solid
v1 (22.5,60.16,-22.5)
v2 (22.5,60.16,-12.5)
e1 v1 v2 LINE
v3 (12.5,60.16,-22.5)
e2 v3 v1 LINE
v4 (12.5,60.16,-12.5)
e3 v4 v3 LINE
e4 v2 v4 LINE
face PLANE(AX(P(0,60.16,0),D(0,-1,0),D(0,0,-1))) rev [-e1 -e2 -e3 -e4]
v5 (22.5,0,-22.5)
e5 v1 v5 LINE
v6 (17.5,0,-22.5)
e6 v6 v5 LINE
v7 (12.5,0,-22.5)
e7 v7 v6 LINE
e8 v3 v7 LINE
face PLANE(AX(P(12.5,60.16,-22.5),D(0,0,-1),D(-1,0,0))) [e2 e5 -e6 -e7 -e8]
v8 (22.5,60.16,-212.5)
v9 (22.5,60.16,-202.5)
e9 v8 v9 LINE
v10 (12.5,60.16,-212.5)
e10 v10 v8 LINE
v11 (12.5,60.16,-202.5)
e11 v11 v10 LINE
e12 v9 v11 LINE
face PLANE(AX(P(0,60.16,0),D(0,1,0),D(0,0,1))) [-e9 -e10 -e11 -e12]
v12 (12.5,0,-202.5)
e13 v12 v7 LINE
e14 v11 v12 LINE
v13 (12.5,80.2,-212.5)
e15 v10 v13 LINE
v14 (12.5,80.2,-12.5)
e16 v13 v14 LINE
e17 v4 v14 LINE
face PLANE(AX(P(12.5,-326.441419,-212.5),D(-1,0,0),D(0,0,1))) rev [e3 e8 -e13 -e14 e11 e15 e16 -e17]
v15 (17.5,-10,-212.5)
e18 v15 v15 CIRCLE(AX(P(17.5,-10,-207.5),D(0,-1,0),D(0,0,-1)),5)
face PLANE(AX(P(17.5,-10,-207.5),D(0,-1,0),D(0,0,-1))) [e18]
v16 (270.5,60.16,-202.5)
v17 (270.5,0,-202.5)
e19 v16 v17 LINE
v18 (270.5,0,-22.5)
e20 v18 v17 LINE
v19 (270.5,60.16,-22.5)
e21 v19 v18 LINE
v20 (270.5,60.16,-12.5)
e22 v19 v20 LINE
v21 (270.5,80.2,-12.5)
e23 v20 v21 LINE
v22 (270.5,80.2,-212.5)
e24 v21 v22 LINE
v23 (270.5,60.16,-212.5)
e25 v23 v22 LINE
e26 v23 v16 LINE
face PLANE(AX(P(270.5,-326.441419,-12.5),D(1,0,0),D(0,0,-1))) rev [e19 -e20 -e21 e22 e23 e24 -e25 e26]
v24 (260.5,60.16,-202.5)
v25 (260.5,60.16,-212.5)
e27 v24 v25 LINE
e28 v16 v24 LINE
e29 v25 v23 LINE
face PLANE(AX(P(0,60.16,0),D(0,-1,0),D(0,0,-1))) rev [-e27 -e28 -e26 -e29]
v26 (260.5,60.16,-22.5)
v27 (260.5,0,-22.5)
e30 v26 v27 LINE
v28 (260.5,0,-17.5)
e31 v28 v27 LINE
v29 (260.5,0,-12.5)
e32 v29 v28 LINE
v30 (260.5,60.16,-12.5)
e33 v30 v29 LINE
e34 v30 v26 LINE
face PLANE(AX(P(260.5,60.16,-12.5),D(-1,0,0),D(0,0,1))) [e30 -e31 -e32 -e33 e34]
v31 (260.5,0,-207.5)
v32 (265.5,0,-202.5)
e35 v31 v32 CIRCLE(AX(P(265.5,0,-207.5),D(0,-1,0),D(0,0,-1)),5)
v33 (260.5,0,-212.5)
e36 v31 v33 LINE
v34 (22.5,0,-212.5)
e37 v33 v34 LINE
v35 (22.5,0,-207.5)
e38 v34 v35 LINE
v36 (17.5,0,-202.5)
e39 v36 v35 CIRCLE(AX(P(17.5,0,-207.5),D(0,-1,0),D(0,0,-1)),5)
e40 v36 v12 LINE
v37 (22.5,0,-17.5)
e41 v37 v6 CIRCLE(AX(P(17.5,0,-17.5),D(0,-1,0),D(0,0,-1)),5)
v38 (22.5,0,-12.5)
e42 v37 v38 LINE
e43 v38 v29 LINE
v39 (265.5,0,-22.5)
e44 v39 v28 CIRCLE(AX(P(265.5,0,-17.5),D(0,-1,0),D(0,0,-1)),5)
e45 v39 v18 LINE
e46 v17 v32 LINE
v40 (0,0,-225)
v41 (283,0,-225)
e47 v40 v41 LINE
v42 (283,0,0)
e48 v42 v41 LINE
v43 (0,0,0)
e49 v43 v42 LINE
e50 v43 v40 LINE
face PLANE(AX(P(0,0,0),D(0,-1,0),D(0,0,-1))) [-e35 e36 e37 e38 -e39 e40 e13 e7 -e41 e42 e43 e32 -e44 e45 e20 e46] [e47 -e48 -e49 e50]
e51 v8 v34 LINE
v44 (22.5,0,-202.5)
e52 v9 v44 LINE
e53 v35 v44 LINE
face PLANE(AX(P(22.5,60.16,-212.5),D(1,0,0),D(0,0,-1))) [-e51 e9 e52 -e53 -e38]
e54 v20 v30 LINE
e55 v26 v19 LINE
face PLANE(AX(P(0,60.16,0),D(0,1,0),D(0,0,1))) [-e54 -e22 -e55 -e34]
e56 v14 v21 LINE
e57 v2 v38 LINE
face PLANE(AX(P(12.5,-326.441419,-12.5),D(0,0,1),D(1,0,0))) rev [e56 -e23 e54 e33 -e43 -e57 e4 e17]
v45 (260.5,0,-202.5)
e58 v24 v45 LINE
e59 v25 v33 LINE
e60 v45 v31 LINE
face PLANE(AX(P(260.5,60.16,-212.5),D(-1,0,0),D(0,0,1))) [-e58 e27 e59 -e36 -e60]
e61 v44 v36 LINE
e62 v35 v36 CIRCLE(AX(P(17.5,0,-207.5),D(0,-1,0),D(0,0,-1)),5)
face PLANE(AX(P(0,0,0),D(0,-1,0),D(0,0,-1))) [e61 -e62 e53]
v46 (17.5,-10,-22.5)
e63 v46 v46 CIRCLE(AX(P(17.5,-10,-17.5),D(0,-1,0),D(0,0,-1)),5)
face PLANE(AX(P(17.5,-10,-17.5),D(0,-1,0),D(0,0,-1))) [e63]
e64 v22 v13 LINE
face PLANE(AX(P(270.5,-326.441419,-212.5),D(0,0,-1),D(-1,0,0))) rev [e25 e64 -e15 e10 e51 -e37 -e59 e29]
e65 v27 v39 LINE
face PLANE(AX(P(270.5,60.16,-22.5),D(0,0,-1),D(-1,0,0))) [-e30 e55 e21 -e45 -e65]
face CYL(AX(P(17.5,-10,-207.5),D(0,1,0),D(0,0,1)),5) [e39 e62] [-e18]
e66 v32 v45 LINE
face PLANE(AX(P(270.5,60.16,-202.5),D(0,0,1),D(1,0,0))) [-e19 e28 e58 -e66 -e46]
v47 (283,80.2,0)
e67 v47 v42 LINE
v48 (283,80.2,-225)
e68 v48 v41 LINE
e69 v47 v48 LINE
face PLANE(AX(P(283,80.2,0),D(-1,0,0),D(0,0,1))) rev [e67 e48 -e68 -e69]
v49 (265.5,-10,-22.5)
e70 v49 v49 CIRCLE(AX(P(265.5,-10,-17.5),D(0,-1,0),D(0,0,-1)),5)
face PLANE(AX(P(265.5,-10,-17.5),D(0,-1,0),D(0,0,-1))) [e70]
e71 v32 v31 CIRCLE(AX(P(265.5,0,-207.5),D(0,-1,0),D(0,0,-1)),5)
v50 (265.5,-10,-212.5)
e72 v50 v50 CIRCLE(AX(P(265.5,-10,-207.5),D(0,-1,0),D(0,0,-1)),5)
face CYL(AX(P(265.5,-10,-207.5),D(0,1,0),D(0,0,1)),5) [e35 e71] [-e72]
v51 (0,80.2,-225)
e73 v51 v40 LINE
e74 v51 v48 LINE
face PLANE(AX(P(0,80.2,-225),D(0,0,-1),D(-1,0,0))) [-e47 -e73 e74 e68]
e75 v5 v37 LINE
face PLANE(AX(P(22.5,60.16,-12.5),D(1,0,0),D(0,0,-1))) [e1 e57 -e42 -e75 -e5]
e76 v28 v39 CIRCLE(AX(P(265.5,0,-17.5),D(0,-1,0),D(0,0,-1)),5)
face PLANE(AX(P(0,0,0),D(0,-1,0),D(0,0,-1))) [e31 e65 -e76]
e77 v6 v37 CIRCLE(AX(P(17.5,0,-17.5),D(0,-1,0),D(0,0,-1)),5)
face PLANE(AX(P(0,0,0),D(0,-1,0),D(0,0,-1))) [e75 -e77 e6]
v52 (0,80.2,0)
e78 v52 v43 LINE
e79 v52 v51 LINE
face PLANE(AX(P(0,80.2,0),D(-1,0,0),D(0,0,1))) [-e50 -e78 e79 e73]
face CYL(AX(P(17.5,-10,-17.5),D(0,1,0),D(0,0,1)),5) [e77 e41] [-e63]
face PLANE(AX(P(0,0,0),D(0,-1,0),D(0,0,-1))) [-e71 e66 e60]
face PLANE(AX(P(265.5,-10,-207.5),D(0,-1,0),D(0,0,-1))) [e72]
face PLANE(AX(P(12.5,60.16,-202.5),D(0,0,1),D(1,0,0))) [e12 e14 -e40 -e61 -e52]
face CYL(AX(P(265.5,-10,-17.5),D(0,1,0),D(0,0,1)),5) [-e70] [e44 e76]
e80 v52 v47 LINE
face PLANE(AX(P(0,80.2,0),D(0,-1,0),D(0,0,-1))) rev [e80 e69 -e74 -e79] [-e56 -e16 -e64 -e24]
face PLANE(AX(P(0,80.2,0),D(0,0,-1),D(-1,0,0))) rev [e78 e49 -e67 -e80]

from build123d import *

# Parameters (mm, degrees)
SKETCH1_W           = 283
SKETCH1_H           = 225
BOSS_EXTRUDE1_DEPTH = 80.2
SKETCH2_W           = 258
SKETCH2_H           = 200
CUT_EXTRUDE1_DEPTH  = 80.2
SKETCH3_W           = 10
SKETCH3_H           = 10
BOSS_EXTRUDE2_DEPTH = 60.16
SKETCH4_R           = 5
BOSS_EXTRUDE3_DEPTH = 10


with BuildPart() as part:
    # Sketch1 → Boss-Extrude1 (new body)
    with BuildSketch(Plane(origin=(0, 0, 0), x_dir=(1, 0, 0), z_dir=(0, 1, 0))):
        with Locations((141.5, 112.5)):
            Rectangle(SKETCH1_W, SKETCH1_H)
    extrude(amount=BOSS_EXTRUDE1_DEPTH)

    # Sketch2 → Cut-Extrude1 (cut)
    with BuildSketch(Plane(origin=(0, 80.2, 0), x_dir=(1, 0, 0), z_dir=(0, 1, 0))):
        with Locations((141.5, 112.5)):
            Rectangle(SKETCH2_W, SKETCH2_H)
    extrude(amount=-CUT_EXTRUDE1_DEPTH, mode=Mode.SUBTRACT)

    # Sketch3 → Boss-Extrude2 (add)
    with BuildSketch(Plane.XZ):
        with Locations((17.5, -17.5)):
            Rectangle(SKETCH3_W, SKETCH3_H)
        with Locations((17.5, -207.5)):
            Rectangle(SKETCH3_W, SKETCH3_H)
        with Locations((265.5, -207.5)):
            Rectangle(SKETCH3_W, SKETCH3_H)
        with Locations((265.5, -17.5)):
            Rectangle(SKETCH3_W, SKETCH3_H)
    extrude(amount=-BOSS_EXTRUDE2_DEPTH)

    # Sketch4 → Boss-Extrude3 (add)
    with BuildSketch(Plane.XZ):
        with Locations(Location((17.5, -17.5, 0), (0, 0, 270))):
            Circle(SKETCH4_R)
        with Locations(Location((265.5, -17.5, 0), (0, 0, 270))):
            Circle(SKETCH4_R)
        with Locations(Location((265.5, -207.5, 0), (0, 0, 90))):
            Circle(SKETCH4_R)
        with Locations(Location((17.5, -207.5, 0), (0, 0, 90))):
            Circle(SKETCH4_R)
    extrude(amount=BOSS_EXTRUDE3_DEPTH)


solid = part.part
